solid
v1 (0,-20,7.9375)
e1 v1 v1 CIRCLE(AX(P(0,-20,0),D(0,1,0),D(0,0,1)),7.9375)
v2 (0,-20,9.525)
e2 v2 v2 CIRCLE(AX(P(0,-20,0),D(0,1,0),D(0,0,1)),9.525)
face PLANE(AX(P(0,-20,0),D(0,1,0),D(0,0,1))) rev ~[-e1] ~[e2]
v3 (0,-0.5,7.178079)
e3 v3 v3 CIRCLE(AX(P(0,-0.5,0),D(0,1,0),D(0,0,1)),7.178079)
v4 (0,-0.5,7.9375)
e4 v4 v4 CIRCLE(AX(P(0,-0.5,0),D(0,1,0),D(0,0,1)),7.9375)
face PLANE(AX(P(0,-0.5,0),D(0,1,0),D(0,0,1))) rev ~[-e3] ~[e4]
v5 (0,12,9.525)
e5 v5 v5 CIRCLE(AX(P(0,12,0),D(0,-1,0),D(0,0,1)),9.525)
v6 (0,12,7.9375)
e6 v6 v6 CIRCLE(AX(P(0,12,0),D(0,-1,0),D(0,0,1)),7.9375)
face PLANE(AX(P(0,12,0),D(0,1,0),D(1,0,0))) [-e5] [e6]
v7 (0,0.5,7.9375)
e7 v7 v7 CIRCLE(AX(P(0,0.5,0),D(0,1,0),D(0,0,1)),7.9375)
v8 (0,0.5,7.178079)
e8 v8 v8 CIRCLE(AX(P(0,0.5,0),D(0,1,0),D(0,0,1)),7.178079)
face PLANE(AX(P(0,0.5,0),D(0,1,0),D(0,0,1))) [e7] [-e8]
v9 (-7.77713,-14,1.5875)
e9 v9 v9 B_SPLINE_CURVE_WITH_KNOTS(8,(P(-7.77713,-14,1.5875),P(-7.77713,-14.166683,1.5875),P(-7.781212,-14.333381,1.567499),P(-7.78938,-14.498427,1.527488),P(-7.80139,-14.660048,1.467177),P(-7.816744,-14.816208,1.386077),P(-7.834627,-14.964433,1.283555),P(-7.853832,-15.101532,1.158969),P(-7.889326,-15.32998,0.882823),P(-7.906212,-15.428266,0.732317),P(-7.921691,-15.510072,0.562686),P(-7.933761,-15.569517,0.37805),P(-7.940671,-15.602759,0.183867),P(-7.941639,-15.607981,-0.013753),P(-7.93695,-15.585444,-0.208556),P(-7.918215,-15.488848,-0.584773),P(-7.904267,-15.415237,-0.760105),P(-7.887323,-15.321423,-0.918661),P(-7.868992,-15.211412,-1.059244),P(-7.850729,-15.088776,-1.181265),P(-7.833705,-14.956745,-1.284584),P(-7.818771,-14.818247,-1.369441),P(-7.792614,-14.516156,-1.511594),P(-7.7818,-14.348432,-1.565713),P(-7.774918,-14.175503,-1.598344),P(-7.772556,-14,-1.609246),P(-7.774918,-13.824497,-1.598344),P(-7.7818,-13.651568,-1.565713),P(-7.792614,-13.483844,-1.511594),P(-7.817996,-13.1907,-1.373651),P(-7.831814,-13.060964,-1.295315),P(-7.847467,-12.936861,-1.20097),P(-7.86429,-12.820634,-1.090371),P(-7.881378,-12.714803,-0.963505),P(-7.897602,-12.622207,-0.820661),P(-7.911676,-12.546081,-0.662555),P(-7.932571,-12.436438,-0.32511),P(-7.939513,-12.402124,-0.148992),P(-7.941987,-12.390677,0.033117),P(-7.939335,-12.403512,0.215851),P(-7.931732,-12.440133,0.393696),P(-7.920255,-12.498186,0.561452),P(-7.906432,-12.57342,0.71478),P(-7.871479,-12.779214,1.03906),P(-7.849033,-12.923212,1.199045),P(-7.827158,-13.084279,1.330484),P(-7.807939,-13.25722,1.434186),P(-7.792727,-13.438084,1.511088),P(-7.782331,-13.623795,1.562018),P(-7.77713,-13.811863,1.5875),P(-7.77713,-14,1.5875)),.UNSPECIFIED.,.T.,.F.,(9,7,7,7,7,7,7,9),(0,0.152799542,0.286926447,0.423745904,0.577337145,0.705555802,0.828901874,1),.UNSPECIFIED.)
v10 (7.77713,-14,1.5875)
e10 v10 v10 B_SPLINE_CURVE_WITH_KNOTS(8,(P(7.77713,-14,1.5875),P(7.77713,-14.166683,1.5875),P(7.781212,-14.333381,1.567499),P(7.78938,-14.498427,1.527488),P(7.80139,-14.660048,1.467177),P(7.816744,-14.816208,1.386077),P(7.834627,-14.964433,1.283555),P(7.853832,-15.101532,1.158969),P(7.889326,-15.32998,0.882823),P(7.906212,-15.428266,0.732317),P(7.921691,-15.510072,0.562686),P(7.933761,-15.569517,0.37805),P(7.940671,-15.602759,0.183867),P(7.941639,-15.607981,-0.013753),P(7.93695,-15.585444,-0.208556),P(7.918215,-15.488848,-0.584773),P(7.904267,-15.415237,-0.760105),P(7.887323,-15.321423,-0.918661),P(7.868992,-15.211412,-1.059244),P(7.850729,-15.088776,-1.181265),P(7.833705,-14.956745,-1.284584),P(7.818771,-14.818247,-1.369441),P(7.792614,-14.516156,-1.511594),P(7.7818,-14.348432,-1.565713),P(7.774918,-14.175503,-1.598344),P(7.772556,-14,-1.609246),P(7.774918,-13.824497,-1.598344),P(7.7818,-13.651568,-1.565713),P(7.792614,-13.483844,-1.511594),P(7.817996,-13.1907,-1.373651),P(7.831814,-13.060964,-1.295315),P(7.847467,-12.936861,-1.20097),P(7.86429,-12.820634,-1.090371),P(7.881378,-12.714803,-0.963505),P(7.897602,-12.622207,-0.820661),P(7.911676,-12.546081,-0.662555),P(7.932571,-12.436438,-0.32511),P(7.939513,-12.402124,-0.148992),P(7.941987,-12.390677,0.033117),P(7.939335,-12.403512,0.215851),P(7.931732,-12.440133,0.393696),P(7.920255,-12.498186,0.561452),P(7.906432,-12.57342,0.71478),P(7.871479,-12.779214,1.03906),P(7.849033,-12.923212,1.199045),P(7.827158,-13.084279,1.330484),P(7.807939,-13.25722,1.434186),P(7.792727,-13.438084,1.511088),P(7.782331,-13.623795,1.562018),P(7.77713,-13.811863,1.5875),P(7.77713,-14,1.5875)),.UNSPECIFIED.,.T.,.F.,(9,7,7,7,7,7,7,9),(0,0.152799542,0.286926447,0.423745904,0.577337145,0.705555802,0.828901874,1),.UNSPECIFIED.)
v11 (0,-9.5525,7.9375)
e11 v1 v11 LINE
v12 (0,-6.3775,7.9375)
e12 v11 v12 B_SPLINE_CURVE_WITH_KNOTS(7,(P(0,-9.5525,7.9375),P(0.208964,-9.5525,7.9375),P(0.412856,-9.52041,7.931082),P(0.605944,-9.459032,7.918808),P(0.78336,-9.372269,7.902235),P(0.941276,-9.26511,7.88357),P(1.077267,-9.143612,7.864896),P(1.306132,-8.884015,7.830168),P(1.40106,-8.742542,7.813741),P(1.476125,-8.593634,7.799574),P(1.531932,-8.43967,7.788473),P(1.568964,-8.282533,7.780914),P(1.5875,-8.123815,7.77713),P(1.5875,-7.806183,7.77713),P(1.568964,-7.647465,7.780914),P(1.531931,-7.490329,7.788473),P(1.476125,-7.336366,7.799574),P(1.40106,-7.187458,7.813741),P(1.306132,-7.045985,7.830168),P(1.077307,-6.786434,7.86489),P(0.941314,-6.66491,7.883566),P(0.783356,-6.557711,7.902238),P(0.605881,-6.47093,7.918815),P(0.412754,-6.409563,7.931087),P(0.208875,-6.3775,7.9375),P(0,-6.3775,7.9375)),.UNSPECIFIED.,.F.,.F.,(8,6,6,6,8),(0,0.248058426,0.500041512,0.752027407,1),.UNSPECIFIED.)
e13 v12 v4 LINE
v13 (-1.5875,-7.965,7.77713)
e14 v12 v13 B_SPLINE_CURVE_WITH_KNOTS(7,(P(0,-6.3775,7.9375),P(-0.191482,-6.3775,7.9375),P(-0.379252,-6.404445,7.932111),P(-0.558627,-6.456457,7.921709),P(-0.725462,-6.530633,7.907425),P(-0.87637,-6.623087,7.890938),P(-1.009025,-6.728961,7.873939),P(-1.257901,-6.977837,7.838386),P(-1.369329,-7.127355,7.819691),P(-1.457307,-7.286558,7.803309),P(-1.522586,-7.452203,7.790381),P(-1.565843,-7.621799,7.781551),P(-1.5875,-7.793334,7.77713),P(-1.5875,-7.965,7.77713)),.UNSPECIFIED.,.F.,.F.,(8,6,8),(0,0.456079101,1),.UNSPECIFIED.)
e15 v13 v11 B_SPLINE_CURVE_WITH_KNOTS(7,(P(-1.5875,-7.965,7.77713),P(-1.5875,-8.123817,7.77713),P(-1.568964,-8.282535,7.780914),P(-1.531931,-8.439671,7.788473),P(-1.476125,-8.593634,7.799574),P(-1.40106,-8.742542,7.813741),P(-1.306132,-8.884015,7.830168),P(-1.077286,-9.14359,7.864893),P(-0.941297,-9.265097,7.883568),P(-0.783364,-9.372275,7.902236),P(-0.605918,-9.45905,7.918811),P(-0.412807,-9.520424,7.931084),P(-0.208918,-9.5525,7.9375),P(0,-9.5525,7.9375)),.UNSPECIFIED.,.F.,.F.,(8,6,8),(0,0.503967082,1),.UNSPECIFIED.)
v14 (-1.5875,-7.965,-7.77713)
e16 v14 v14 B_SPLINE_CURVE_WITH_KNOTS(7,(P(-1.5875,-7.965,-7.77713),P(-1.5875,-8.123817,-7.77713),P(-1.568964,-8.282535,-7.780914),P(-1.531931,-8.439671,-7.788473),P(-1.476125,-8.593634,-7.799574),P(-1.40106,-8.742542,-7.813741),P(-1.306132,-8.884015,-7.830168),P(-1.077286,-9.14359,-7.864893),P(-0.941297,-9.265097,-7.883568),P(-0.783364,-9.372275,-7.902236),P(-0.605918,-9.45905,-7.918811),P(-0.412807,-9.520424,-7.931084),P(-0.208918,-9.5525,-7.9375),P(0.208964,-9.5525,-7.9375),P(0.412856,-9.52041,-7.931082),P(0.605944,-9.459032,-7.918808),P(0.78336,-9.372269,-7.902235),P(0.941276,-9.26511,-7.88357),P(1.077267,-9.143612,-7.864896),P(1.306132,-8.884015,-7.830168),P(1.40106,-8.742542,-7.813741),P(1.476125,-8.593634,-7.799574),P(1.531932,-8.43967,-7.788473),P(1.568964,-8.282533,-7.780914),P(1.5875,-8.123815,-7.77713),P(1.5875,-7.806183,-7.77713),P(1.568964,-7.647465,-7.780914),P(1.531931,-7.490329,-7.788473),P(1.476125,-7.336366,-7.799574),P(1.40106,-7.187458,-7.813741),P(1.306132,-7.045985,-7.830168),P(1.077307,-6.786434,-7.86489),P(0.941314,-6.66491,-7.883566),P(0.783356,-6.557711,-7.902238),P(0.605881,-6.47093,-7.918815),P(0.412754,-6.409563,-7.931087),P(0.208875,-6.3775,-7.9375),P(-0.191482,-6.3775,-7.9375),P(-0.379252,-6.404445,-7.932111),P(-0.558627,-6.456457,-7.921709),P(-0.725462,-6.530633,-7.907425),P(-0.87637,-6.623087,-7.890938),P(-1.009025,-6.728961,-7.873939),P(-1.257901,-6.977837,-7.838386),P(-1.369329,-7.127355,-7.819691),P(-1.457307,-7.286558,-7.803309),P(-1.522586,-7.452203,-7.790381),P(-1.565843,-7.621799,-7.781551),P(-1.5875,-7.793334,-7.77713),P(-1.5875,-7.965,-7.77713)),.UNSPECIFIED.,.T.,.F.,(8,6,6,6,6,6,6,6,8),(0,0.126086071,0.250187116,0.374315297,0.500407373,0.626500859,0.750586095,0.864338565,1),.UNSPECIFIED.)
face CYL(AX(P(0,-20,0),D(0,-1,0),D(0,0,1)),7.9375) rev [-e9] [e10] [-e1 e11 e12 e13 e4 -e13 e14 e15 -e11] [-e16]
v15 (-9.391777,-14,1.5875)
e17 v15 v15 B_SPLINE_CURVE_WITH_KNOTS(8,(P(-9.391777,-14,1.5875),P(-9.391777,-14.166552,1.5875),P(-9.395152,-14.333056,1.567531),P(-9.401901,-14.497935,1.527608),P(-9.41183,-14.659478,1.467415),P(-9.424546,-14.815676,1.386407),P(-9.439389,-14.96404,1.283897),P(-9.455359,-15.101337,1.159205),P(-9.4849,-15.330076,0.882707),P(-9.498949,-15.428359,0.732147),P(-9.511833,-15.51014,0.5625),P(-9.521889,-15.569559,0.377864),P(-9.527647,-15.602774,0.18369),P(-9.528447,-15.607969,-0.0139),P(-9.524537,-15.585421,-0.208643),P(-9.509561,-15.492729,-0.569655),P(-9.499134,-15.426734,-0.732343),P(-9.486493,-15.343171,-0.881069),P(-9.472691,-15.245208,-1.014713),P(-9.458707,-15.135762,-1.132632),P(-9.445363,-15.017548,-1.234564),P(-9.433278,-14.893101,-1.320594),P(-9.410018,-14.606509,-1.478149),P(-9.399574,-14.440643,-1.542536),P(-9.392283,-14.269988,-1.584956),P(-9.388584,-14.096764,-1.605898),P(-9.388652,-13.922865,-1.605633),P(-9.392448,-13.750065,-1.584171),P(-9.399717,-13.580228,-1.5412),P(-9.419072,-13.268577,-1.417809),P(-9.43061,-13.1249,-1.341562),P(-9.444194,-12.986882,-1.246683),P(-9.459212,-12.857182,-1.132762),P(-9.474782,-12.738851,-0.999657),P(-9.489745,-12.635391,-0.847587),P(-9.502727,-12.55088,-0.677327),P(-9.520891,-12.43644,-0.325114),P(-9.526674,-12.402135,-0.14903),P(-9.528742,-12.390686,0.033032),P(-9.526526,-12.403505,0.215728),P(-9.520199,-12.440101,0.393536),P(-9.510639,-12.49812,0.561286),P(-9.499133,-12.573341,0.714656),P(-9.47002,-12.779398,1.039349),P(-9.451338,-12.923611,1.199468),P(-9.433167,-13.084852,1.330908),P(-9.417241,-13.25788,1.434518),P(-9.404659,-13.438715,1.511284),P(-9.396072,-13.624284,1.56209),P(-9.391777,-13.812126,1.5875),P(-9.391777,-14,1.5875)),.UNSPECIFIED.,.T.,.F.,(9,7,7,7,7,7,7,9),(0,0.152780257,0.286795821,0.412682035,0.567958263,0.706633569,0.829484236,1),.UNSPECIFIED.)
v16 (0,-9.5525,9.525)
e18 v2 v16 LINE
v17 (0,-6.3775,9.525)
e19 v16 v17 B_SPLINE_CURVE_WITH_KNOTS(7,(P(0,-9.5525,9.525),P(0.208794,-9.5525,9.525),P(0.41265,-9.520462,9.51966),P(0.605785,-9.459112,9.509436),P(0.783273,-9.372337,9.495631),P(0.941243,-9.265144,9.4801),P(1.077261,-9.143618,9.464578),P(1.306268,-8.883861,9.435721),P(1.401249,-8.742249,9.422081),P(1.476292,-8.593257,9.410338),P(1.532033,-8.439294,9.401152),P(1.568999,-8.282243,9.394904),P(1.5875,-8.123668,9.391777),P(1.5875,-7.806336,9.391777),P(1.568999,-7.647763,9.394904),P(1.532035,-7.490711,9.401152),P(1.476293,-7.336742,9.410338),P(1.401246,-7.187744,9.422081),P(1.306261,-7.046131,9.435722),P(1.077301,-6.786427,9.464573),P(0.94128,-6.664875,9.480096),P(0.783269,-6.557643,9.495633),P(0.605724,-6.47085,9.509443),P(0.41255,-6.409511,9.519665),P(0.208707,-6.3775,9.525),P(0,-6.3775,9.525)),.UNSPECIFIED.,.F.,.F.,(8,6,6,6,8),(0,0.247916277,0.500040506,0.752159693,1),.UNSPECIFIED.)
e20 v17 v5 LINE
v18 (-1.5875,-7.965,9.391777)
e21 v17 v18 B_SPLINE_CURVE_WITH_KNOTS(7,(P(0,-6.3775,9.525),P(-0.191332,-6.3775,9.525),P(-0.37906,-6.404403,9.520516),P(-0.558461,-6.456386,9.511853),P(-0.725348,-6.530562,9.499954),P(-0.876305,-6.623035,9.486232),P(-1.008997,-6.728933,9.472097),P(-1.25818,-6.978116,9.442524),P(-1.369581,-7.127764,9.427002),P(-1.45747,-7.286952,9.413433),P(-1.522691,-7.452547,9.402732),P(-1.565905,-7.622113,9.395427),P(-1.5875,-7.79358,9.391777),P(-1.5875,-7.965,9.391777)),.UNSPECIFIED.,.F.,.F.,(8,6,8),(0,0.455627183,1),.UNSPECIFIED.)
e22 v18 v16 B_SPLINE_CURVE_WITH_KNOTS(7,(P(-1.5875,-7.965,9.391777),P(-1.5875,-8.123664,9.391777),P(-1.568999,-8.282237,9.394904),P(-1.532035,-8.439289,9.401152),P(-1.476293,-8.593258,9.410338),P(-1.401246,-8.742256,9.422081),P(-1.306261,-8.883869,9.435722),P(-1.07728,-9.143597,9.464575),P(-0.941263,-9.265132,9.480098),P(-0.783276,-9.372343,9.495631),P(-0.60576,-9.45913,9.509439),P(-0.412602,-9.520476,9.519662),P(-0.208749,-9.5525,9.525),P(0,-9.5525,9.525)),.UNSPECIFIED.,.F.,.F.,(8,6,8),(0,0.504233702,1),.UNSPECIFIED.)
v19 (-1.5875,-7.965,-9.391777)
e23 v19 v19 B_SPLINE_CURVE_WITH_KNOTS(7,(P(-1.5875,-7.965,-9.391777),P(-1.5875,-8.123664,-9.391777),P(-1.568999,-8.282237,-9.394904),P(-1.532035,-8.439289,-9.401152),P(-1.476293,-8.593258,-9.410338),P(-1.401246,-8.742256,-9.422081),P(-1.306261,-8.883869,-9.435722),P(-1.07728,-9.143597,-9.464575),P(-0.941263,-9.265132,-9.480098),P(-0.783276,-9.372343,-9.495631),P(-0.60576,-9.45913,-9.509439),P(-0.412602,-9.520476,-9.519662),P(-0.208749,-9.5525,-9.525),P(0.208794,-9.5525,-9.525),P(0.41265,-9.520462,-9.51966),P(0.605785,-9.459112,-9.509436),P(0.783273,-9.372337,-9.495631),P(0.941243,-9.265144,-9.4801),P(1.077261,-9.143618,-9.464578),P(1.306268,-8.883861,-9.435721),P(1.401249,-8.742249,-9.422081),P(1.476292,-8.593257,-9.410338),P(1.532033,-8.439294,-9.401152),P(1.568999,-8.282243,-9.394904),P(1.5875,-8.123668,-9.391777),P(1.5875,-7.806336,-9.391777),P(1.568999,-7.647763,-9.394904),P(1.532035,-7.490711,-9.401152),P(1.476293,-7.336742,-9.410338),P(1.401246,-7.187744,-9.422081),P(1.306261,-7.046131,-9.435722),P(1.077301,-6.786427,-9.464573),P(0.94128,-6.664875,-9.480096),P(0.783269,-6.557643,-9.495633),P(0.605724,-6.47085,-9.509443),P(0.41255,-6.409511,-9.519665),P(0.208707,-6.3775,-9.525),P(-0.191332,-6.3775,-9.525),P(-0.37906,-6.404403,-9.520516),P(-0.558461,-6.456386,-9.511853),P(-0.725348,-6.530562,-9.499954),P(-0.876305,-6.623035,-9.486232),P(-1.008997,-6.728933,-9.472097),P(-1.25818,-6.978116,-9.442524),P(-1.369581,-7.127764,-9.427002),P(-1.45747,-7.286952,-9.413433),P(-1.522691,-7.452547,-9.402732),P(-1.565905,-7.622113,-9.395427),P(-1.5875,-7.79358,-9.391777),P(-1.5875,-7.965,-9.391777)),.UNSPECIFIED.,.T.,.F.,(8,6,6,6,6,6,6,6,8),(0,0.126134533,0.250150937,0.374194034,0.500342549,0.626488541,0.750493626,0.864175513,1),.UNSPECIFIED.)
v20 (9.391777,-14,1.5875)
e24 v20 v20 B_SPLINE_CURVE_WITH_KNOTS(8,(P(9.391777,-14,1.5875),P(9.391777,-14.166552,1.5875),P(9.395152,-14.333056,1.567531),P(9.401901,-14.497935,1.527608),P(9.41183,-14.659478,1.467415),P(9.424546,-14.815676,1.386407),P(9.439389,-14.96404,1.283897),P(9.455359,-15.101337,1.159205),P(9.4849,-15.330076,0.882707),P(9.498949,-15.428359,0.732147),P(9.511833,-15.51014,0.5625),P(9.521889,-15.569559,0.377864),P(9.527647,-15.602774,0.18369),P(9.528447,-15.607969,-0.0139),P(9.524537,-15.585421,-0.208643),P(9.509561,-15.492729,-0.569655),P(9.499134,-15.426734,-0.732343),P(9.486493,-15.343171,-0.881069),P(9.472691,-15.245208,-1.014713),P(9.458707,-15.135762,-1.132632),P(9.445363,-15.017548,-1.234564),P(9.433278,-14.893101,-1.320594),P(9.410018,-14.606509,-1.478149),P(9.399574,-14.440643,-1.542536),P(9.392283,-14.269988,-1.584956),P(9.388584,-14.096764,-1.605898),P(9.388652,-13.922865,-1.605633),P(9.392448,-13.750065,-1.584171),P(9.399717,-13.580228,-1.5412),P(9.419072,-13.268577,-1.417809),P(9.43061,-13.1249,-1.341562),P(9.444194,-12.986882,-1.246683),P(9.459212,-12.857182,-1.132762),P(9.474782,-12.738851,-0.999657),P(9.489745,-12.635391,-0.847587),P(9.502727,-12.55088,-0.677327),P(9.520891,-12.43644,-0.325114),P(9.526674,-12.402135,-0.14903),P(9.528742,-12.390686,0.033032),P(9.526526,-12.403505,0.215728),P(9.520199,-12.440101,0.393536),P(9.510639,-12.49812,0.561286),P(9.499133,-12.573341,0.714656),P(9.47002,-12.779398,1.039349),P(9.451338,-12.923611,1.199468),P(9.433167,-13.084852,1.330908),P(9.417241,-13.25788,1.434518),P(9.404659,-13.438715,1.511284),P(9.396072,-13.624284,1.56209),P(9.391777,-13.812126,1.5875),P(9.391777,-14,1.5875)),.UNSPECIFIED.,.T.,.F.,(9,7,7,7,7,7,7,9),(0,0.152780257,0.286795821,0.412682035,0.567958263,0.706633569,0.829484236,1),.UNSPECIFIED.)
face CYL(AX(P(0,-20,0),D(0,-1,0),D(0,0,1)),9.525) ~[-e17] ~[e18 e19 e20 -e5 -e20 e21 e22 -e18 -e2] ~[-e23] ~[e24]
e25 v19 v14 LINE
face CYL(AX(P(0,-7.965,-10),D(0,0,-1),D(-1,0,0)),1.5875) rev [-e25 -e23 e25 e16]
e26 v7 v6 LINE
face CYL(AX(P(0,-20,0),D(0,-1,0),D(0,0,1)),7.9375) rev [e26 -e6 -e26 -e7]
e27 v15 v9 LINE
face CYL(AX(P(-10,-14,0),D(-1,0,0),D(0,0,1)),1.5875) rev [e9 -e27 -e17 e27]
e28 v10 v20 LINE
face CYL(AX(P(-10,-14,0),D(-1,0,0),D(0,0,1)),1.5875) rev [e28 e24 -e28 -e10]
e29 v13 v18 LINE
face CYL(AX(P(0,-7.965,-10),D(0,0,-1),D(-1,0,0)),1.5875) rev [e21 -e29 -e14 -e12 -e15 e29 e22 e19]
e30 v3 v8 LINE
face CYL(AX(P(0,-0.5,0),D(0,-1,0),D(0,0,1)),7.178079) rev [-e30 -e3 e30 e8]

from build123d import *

# Parameters (mm, degrees)
BOSS_EXTRUDE1_DEPTH      = 20
BOSS_EXTRUDE1_DEPTH_BACK = 20
SKETCH1_R                = 9.525
SKETCH1_R_2              = 7.9375
BOSS_EXTRUDE2_DEPTH      = 0.5
BOSS_EXTRUDE2_DEPTH_BACK = 0.5
SKETCH2_R                = 7.9375
SKETCH2_R_2              = 7.178079091
CUT_EXTRUDE1_DEPTH       = 10
CUT_EXTRUDE1_DEPTH_BACK  = 10
SKETCH3_R                = 1.5875
CUT_EXTRUDE2_DEPTH       = 10
CUT_EXTRUDE2_DEPTH_BACK  = 10
SKETCH4_R                = 1.5875
SKETCH5_W                = 27.464518432
SKETCH5_H                = 24.266513238
CUT_EXTRUDE3_DEPTH       = 8


with BuildPart() as part:
    # Sketch1 → Boss-Extrude1 (new, two sides: drawn at the far end of the back side and taken through both)
    with BuildSketch(Plane(origin=(0, 0, 0), x_dir=(1, 0, 0), z_dir=(0, 1, 0)).offset(-BOSS_EXTRUDE1_DEPTH_BACK)):
        Circle(SKETCH1_R)
        Circle(SKETCH1_R_2, mode=Mode.SUBTRACT)
    extrude(amount=BOSS_EXTRUDE1_DEPTH + BOSS_EXTRUDE1_DEPTH_BACK)

    # Sketch2 → Boss-Extrude2 (add, two sides: drawn at the far end of the back side and taken through both)
    with BuildSketch(Plane(origin=(0, 0, 0), x_dir=(1, 0, 0), z_dir=(0, 1, 0)).offset(-BOSS_EXTRUDE2_DEPTH_BACK)):
        Circle(SKETCH2_R)
        Circle(SKETCH2_R_2, mode=Mode.SUBTRACT)
    extrude(amount=BOSS_EXTRUDE2_DEPTH + BOSS_EXTRUDE2_DEPTH_BACK)

    # Sketch3 → Cut-Extrude1 (cut, two sides: drawn at the far end of the back side and taken through both)
    with BuildSketch(Plane(origin=(0, 0, 0), x_dir=(0, 0, -1), z_dir=(1, 0, 0)).offset(-CUT_EXTRUDE1_DEPTH_BACK)):
        with Locations((0, -14)):
            Circle(SKETCH3_R)
    extrude(amount=CUT_EXTRUDE1_DEPTH + CUT_EXTRUDE1_DEPTH_BACK, mode=Mode.SUBTRACT)

    # Sketch4 → Cut-Extrude2 (cut, two sides: drawn at the far end of the back side and taken through both)
    with BuildSketch(Plane.XY.offset(-CUT_EXTRUDE2_DEPTH_BACK)):
        with Locations((0, -7.965)):
            Circle(SKETCH4_R)
    extrude(amount=CUT_EXTRUDE2_DEPTH + CUT_EXTRUDE2_DEPTH_BACK, mode=Mode.SUBTRACT)

    # Sketch5 → Cut-Extrude3 (cut)
    with BuildSketch(Plane(origin=(0, 20, 0), x_dir=(1, 0, 0), z_dir=(0, 1, 0))):
        Rectangle(SKETCH5_W, SKETCH5_H)
    extrude(amount=-CUT_EXTRUDE3_DEPTH, mode=Mode.SUBTRACT)


solid = part.part
